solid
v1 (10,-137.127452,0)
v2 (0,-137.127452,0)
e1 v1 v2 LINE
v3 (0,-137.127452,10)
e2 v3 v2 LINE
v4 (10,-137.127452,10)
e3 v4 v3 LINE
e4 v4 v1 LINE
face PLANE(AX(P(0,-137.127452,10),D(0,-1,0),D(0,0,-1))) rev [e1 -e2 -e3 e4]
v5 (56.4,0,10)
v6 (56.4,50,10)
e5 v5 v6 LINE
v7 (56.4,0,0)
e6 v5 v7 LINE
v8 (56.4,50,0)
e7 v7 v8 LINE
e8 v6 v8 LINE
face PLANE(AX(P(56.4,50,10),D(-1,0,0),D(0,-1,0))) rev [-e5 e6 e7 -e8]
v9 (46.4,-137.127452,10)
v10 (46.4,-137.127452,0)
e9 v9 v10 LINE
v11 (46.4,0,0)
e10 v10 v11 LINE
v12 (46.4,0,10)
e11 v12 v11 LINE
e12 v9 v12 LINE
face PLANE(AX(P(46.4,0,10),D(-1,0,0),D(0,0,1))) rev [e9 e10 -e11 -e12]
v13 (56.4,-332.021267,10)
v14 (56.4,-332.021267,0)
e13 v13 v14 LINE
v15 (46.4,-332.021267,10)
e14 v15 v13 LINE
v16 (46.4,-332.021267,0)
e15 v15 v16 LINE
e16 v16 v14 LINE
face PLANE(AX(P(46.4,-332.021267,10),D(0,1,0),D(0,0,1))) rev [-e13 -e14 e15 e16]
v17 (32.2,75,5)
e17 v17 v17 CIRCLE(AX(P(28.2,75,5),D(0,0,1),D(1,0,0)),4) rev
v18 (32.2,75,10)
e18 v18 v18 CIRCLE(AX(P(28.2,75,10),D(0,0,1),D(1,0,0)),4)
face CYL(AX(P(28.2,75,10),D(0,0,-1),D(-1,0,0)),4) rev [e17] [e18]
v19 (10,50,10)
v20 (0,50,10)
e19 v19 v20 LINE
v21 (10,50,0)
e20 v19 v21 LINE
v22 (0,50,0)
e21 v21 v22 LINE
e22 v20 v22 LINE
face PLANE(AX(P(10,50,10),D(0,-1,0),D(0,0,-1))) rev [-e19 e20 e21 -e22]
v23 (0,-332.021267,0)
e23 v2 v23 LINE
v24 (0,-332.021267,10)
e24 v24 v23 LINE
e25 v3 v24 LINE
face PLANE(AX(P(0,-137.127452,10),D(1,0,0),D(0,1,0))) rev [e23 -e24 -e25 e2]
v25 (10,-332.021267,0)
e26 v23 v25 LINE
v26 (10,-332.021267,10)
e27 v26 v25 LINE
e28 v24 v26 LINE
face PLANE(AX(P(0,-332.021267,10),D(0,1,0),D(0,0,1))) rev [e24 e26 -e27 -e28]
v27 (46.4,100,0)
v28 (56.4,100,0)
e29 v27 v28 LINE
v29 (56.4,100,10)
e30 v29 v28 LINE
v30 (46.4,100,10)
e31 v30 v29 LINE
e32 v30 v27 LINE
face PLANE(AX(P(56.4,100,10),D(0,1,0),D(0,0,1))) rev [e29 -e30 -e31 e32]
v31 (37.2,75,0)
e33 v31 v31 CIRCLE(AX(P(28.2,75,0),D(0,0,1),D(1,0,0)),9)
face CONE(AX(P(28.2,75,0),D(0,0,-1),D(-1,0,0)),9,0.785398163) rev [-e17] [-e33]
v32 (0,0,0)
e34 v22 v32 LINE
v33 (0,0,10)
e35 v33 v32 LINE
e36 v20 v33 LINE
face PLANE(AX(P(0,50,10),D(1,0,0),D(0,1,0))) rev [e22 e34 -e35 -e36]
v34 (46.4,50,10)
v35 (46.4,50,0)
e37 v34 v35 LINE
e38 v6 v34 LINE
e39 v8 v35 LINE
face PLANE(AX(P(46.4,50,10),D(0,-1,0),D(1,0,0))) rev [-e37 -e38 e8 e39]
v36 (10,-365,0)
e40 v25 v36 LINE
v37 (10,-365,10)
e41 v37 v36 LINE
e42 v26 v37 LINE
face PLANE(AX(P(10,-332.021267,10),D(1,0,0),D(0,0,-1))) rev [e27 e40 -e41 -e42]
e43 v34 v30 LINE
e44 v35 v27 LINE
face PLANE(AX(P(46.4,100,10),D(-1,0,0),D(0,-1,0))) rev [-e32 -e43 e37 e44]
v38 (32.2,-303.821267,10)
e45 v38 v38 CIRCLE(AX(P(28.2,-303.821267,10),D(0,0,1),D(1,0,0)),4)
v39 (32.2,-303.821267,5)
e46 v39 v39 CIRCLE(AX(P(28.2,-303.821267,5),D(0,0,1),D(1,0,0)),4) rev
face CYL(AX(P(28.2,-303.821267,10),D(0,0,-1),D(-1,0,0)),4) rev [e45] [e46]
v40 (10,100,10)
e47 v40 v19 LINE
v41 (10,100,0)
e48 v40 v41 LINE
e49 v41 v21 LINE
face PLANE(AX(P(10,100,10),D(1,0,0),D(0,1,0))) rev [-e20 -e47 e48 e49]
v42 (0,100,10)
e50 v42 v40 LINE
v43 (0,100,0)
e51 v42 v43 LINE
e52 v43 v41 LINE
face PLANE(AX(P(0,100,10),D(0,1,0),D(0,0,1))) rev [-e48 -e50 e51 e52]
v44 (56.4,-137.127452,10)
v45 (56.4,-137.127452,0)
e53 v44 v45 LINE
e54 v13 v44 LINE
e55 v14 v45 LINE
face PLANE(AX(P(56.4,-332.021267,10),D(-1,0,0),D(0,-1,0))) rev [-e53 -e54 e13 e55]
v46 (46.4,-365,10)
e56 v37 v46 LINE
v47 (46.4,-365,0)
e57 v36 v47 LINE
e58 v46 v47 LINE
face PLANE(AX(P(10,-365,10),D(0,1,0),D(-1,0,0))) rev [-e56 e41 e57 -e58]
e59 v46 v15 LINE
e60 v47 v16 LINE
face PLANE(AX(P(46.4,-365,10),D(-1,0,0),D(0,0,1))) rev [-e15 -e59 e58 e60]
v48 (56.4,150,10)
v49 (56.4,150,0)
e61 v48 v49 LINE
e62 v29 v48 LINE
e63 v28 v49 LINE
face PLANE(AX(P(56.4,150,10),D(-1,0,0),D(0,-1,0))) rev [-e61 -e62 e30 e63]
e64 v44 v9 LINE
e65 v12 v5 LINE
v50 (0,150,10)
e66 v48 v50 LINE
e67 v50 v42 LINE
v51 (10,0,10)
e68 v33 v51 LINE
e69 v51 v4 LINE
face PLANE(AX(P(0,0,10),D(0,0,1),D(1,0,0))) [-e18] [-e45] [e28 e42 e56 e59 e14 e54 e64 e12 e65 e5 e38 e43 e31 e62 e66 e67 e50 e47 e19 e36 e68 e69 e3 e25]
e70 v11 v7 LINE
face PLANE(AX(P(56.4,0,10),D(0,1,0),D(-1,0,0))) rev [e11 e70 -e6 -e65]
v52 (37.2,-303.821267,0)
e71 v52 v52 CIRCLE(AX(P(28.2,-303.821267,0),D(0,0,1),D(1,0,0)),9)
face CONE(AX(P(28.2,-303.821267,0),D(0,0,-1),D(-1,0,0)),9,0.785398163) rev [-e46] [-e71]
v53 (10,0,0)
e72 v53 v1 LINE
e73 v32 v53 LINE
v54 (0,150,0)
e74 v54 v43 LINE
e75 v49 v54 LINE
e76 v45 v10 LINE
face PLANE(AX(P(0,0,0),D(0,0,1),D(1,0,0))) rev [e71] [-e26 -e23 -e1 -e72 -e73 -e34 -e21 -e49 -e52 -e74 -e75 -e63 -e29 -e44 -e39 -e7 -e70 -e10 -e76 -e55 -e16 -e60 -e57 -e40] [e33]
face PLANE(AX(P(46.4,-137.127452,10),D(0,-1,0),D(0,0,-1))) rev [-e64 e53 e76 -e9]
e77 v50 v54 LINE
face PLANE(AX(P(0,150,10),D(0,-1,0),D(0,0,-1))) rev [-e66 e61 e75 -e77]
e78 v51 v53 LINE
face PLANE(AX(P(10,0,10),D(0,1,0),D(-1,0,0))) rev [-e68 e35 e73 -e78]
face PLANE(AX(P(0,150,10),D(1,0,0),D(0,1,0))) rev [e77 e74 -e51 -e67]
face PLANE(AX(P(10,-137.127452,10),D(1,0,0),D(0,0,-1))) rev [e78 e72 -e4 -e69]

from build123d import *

# Parameters (mm, degrees)
SKETCH1_R           = 4
BOSS_EXTRUDE1_DEPTH = 10
CHAMFER1_SIZE       = 5


with BuildPart() as part:
    # Sketch1 → Boss-Extrude1 (new body)
    with BuildSketch(Plane.XY):
        Polygon((0, 150), (56.4, 150), (56.4, 100), (46.4, 100), (46.4, 50), (56.4, 50), (56.4, 0), (46.4, 0), (46.4, -137.127452116), (56.4, -137.127452116), (56.4, -332.021266673), (46.4, -332.021266673), (46.4, -365), (10, -365), (10, -332.021266673), (0, -332.021266673), (0, -137.127452116), (10, -137.127452116), (10, 0), (0, 0), (0, 50), (10, 50), (10, 100), (0, 100), align=None)
        with Locations((28.2, 75)):
            Circle(SKETCH1_R, mode=Mode.SUBTRACT)
        with Locations((28.2, -303.821266673)):
            Circle(SKETCH1_R, mode=Mode.SUBTRACT)
    extrude(amount=BOSS_EXTRUDE1_DEPTH)

    # Chamfer1
    chamfer1_edges = [part.edges().sort_by_distance(p)[0] for p in [
        (24.2, 75, 0),
        (24.2, -303.821266673, 0),
    ]]
    chamfer(chamfer1_edges, length=CHAMFER1_SIZE)


solid = part.part
